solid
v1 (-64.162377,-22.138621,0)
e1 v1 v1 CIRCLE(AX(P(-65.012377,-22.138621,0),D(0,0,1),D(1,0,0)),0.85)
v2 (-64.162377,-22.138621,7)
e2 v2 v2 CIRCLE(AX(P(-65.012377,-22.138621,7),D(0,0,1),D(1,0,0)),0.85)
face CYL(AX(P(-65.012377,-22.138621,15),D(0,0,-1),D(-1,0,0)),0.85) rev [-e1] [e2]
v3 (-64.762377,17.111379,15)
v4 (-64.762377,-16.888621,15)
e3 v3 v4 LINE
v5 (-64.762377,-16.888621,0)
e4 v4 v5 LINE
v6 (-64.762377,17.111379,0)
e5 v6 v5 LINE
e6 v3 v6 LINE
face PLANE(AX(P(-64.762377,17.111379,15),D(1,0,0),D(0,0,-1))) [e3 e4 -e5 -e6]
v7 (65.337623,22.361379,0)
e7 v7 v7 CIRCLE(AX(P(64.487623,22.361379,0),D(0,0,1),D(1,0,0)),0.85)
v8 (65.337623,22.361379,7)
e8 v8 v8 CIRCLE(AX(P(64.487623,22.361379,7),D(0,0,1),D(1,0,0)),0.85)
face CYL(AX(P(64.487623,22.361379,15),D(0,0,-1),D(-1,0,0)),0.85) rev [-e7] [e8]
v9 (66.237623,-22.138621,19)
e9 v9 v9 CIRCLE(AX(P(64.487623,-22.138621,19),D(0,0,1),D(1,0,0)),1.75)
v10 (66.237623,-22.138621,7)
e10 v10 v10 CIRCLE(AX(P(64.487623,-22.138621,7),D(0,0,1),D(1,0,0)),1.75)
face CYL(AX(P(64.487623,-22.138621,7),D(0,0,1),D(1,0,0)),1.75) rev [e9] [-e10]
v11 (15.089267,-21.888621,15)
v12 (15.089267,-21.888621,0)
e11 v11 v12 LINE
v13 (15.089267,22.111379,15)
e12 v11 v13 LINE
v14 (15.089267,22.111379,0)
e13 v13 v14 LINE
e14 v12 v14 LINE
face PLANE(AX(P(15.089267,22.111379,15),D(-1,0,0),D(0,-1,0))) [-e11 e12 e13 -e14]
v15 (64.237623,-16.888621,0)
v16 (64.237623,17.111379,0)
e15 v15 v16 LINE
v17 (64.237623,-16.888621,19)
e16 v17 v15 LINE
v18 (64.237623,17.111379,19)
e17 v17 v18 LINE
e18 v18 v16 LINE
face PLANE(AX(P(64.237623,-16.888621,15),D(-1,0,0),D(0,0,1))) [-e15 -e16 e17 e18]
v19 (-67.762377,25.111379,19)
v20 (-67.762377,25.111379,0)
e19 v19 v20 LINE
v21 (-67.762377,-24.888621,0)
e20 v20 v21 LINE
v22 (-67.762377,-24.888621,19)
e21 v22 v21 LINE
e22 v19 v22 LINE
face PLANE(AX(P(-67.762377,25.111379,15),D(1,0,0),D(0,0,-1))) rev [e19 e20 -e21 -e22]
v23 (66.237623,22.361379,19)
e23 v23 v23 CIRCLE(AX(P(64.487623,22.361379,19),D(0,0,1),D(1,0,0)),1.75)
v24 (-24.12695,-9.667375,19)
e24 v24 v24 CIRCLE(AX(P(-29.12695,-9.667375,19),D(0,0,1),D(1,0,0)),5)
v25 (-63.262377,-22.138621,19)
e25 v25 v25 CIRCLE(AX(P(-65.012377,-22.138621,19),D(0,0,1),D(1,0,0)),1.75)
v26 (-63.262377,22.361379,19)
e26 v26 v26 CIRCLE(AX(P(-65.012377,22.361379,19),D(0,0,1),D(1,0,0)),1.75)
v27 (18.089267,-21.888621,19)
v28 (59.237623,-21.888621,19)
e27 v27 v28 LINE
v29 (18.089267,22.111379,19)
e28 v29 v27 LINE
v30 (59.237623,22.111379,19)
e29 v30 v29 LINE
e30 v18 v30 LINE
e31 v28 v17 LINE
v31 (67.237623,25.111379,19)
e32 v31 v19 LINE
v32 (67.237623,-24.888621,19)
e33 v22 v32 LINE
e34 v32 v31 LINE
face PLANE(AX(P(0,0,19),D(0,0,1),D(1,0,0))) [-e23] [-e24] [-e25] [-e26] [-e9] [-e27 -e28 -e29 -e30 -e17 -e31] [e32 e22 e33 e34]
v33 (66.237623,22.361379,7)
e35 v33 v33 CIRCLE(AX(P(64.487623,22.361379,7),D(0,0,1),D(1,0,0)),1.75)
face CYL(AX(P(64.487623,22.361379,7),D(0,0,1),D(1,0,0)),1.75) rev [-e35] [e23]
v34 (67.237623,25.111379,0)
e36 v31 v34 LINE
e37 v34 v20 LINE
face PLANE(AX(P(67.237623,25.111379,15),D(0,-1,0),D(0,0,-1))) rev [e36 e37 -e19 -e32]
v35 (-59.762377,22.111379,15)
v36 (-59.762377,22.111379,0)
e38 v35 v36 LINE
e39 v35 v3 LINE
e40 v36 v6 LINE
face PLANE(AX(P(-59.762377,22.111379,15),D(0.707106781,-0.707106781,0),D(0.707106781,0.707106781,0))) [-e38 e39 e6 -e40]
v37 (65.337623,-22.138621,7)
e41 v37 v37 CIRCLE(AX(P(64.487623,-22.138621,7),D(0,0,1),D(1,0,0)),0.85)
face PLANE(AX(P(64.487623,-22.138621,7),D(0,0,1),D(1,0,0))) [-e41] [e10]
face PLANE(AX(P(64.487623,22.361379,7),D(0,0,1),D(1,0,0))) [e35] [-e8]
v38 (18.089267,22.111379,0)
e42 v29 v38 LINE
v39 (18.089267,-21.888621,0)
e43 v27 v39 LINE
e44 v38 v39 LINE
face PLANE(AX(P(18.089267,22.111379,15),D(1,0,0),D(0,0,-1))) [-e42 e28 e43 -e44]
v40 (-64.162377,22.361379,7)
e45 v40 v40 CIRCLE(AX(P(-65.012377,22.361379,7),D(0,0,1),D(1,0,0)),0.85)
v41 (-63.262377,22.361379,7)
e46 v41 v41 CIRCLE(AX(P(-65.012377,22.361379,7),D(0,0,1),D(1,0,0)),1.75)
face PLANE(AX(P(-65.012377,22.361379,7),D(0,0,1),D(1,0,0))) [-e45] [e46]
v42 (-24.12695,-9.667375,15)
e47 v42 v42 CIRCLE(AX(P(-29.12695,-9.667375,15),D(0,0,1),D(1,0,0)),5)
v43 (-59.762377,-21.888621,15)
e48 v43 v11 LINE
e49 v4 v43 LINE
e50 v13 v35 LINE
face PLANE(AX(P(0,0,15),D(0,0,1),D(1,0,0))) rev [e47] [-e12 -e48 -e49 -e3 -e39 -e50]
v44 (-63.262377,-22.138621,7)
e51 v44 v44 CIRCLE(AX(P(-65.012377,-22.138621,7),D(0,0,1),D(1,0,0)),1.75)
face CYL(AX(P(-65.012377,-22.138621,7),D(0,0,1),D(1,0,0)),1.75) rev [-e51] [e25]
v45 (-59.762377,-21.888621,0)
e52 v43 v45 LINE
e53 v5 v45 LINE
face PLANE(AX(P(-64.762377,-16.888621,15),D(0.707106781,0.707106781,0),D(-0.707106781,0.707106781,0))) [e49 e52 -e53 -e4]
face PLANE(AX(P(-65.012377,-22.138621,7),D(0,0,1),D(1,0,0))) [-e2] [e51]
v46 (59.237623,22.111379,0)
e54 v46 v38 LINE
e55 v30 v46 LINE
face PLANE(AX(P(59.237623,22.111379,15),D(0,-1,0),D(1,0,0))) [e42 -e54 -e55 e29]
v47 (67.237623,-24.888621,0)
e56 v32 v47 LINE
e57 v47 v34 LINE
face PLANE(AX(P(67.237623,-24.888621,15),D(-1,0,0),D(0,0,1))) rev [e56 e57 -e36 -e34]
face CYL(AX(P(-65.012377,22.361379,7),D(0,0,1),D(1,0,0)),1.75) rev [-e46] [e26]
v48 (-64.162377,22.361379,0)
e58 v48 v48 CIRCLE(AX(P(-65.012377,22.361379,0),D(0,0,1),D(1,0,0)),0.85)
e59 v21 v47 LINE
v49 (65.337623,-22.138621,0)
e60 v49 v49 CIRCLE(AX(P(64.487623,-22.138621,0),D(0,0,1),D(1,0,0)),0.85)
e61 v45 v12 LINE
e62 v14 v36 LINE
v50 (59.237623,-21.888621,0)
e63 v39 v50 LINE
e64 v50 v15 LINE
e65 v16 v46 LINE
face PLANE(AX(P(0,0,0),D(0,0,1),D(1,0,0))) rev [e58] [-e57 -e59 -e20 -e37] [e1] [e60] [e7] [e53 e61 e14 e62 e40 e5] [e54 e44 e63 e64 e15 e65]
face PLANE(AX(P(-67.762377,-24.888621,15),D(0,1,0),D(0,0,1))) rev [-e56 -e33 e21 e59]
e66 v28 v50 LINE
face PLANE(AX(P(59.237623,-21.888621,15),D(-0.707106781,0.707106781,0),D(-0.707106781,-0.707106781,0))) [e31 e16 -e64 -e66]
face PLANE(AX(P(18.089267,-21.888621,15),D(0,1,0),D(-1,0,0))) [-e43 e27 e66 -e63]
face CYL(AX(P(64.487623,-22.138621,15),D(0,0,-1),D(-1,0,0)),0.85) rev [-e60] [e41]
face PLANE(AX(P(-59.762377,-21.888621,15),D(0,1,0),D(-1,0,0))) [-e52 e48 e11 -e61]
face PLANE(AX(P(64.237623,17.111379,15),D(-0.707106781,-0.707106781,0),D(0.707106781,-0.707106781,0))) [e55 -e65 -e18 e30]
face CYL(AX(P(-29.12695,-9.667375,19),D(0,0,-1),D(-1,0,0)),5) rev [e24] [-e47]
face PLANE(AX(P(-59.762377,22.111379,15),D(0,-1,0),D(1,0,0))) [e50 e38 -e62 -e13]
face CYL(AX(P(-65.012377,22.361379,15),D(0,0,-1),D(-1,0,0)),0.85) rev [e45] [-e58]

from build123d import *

# Parameters (mm, degrees)
CROQUIS1_W              = 135
CROQUIS1_H              = 50
CROQUIS1_R              = 0.85
SALIENTE_EXTRUIR1_DEPTH = 15
CROQUIS2_W              = 135
CROQUIS2_H              = 50
CROQUIS2_R              = 0.85
CROQUIS2_R_2            = 5
SALIENTE_EXTRUIR2_DEPTH = 4
CROQUIS3_R              = 1.75
CORTAR_EXTRUIR1_DEPTH   = 12


with BuildPart() as part:
    # Croquis1 → Saliente-Extruir1 (new body)
    with BuildSketch(Plane.XY):
        with Locations((-0.262377426, 0.111379231)):
            Rectangle(CROQUIS1_W, CROQUIS1_H)
        with Locations((-65.012377426, 22.361379231)):
            Circle(CROQUIS1_R, mode=Mode.SUBTRACT)
        with Locations((-65.012377426, -22.138620769)):
            Circle(CROQUIS1_R, mode=Mode.SUBTRACT)
        with Locations((64.487622574, -22.138620769)):
            Circle(CROQUIS1_R, mode=Mode.SUBTRACT)
        with Locations((64.487622574, 22.361379231)):
            Circle(CROQUIS1_R, mode=Mode.SUBTRACT)
        Polygon((-64.762377426, 17.111379231), (-64.762377426, -16.888620769), (-59.762377426, -21.888620769), (15.089266591, -21.888620769), (15.089266591, 22.111379231), (-59.762377426, 22.111379231), align=None, mode=Mode.SUBTRACT)
        Polygon((64.237622574, 17.111379231), (59.237622574, 22.111379231), (18.089266591, 22.111379231), (18.089266591, -21.888620769), (59.237622574, -21.888620769), (64.237622574, -16.888620769), align=None, mode=Mode.SUBTRACT)
    extrude(amount=SALIENTE_EXTRUIR1_DEPTH)

    # Croquis2 → Saliente-Extruir2 (add)
    with BuildSketch(Plane.XY.offset(15)):
        with Locations((-0.262377426, 0.111379231)):
            Rectangle(CROQUIS2_W, CROQUIS2_H)
        with Locations((-65.012377426, 22.361379231)):
            Circle(CROQUIS2_R, mode=Mode.SUBTRACT)
        with Locations((64.487622574, 22.361379231)):
            Circle(CROQUIS2_R, mode=Mode.SUBTRACT)
        with Locations((64.487622574, -22.138620769)):
            Circle(CROQUIS2_R, mode=Mode.SUBTRACT)
        with Locations((-65.012377426, -22.138620769)):
            Circle(CROQUIS2_R, mode=Mode.SUBTRACT)
        with Locations((-29.126949829, -9.66737546)):
            Circle(CROQUIS2_R_2, mode=Mode.SUBTRACT)
        Polygon((18.089266591, 22.111379231), (18.089266591, -21.888620769), (59.237622574, -21.888620769), (64.237622574, -16.888620769), (64.237622574, 17.111379231), (59.237622574, 22.111379231), align=None, mode=Mode.SUBTRACT)
    extrude(amount=SALIENTE_EXTRUIR2_DEPTH)

    # Croquis3 → Cortar-Extruir1 (cut)
    with BuildSketch(Plane.XY.offset(19)):
        with Locations((64.487622574, 22.361379231)):
            Circle(CROQUIS3_R)
        with Locations((64.487622574, -22.138620769)):
            Circle(CROQUIS3_R)
        with Locations((-65.012377426, -22.138620769)):
            Circle(CROQUIS3_R)
        with Locations((-65.012377426, 22.361379231)):
            Circle(CROQUIS3_R)
    extrude(amount=-CORTAR_EXTRUIR1_DEPTH, mode=Mode.SUBTRACT)


solid = part.part
